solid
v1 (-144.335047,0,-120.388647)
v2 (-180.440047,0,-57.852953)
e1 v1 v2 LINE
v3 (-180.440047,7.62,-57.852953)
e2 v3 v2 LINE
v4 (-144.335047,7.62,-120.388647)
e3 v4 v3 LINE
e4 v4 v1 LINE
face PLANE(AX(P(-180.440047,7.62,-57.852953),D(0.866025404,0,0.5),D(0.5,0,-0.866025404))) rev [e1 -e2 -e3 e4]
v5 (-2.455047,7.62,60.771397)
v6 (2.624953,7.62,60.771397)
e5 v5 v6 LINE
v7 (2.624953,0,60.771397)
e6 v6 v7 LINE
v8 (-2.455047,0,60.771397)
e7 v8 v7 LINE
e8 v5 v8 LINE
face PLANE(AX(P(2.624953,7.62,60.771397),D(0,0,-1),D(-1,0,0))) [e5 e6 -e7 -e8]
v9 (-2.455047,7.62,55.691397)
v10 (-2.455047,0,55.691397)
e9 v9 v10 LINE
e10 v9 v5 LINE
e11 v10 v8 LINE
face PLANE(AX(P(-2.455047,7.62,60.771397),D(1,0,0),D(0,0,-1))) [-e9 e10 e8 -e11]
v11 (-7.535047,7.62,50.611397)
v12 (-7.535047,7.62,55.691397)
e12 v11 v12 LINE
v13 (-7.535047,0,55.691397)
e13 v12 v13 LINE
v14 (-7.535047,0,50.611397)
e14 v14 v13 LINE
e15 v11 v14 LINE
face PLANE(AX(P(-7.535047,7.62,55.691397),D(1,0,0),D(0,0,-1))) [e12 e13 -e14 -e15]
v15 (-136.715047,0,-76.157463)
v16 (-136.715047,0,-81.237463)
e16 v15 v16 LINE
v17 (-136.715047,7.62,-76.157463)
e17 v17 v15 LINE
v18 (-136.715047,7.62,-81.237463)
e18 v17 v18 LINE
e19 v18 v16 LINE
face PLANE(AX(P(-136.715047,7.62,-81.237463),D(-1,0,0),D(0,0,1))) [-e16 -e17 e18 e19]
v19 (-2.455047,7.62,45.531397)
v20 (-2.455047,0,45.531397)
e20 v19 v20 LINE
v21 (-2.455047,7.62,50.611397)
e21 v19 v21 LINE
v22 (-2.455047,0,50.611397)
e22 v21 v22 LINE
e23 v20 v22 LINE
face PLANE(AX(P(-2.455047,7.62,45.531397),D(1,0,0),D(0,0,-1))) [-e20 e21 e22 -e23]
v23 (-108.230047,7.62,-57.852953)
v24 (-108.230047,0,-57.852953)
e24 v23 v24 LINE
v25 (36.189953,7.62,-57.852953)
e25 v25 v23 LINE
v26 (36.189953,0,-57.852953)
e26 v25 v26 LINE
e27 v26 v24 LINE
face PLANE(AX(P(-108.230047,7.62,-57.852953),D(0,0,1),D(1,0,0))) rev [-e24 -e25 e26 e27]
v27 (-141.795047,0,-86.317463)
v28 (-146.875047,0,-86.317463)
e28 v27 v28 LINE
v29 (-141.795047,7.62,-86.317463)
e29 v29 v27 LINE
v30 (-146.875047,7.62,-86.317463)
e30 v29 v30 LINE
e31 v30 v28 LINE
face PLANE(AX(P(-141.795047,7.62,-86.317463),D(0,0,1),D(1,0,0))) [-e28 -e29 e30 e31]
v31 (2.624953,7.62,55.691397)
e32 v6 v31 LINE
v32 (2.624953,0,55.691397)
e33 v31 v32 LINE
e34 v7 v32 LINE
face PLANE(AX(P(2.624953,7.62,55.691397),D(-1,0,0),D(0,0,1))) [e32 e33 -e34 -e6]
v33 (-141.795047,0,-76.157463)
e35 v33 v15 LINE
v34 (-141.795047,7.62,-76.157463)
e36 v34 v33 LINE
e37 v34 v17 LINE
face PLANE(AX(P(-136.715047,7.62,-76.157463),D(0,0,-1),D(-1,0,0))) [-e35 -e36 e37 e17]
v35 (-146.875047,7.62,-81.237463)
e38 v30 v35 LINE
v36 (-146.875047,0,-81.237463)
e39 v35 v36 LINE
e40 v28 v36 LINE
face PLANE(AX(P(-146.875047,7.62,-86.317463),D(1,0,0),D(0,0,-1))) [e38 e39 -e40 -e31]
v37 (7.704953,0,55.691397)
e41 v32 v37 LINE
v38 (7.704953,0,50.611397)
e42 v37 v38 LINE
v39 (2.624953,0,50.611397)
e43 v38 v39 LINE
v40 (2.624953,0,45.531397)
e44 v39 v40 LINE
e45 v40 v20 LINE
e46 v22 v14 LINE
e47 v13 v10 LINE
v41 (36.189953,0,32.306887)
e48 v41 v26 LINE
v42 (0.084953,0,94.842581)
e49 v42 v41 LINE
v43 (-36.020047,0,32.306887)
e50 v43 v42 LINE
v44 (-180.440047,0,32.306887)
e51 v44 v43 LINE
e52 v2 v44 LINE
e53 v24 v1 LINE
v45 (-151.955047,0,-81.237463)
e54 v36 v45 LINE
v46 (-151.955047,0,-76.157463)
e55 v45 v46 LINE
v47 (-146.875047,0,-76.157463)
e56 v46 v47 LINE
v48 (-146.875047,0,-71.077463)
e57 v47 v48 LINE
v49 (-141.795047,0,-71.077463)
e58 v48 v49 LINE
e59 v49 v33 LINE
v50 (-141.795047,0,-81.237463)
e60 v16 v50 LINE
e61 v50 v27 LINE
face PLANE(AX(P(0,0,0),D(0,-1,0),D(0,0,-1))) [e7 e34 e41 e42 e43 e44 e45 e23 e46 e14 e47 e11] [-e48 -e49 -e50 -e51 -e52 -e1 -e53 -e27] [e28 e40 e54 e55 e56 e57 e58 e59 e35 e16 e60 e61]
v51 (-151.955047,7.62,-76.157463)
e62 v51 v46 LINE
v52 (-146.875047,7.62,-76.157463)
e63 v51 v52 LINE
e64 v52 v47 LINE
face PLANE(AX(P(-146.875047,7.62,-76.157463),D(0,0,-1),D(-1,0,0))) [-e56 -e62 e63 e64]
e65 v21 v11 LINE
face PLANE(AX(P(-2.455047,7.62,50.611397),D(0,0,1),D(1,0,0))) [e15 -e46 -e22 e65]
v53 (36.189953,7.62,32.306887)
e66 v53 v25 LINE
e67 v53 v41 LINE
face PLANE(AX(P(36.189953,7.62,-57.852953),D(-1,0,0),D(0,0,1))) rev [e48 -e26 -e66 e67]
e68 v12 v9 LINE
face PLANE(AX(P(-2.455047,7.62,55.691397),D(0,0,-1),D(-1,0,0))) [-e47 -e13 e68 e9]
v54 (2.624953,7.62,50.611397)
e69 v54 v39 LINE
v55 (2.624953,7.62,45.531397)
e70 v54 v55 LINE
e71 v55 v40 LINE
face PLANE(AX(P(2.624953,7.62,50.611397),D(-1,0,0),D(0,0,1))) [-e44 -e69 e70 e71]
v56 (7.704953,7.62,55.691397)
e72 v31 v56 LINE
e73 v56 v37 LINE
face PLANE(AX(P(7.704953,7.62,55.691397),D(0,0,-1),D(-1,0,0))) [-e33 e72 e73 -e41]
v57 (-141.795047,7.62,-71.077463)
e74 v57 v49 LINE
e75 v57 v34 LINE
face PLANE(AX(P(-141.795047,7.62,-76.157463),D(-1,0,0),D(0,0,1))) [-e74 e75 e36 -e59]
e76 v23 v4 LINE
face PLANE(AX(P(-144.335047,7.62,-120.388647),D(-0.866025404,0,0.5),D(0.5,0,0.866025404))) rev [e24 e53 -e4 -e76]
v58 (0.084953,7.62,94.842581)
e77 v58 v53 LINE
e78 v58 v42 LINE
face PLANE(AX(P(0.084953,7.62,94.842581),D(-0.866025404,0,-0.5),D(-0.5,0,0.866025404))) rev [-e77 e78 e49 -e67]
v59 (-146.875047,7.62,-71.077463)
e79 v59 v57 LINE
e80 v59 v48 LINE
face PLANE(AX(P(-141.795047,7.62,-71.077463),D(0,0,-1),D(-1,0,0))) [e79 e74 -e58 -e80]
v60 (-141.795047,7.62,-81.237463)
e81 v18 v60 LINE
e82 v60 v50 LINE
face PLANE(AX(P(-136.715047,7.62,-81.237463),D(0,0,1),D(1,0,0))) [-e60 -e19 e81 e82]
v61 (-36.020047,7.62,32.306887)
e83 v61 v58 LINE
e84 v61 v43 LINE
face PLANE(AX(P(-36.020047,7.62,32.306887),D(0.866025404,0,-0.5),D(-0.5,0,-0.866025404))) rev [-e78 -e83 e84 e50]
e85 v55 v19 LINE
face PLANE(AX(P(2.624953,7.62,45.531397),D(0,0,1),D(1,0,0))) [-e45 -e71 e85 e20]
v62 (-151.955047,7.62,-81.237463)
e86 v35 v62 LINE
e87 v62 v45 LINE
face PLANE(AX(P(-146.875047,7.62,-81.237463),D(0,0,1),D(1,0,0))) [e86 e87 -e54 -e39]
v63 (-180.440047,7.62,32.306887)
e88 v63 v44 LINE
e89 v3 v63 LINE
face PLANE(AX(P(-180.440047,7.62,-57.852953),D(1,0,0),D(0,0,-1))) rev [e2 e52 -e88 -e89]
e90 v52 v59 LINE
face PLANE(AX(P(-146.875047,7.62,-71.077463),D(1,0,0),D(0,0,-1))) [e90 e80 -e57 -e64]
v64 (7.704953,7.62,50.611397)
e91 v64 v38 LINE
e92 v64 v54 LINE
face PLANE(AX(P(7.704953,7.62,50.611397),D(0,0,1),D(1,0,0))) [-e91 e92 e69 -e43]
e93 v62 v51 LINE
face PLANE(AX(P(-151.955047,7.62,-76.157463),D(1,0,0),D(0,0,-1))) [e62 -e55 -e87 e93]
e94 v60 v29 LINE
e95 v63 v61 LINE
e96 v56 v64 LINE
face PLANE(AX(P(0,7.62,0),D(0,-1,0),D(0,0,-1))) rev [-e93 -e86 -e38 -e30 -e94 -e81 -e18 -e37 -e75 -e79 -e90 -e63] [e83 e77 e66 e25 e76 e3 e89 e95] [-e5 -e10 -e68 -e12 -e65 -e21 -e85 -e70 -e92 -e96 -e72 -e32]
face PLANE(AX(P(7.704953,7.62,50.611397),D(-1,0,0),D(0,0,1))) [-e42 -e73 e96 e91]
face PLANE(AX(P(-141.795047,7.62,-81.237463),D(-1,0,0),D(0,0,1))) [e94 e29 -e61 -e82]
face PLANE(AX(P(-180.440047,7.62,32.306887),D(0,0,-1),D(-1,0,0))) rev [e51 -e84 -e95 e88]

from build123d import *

# Parameters (mm, degrees)
BOSS_EXTRUDE1_DEPTH = 7.62


with BuildPart() as part:
    # Sketch1 → Boss-Extrude1 (new body)
    with BuildSketch(Plane(origin=(0, 0, 0), x_dir=(1, 0, 0), z_dir=(0, 1, 0))):
        Polygon((-108.230047059, 57.852952941), (36.189952941, 57.852952941), (36.189952941, -32.306887059), (0.084952941, -94.842581466), (-36.020047059, -32.306887059), (-180.440047059, -32.306887059), (-180.440047059, 57.852952941), (-144.335047059, 120.388647348), align=None)
        Polygon((7.704952941, -50.611397059), (7.704952941, -55.691397059), (2.624952941, -55.691397059), (2.624952941, -60.771397059), (-2.455047059, -60.771397059), (-2.455047059, -55.691397059), (-7.535047059, -55.691397059), (-7.535047059, -50.611397059), (-2.455047059, -50.611397059), (-2.455047059, -45.531397059), (2.624952941, -45.531397059), (2.624952941, -50.611397059), align=None, mode=Mode.SUBTRACT)
        Polygon((-146.875047059, 81.237462941), (-151.955047059, 81.237462941), (-151.955047059, 76.157462941), (-146.875047059, 76.157462941), (-146.875047059, 71.077462941), (-141.795047059, 71.077462941), (-141.795047059, 76.157462941), (-136.715047059, 76.157462941), (-136.715047059, 81.237462941), (-141.795047059, 81.237462941), (-141.795047059, 86.317462941), (-146.875047059, 86.317462941), align=None, mode=Mode.SUBTRACT)
    extrude(amount=BOSS_EXTRUDE1_DEPTH)


solid = part.part
